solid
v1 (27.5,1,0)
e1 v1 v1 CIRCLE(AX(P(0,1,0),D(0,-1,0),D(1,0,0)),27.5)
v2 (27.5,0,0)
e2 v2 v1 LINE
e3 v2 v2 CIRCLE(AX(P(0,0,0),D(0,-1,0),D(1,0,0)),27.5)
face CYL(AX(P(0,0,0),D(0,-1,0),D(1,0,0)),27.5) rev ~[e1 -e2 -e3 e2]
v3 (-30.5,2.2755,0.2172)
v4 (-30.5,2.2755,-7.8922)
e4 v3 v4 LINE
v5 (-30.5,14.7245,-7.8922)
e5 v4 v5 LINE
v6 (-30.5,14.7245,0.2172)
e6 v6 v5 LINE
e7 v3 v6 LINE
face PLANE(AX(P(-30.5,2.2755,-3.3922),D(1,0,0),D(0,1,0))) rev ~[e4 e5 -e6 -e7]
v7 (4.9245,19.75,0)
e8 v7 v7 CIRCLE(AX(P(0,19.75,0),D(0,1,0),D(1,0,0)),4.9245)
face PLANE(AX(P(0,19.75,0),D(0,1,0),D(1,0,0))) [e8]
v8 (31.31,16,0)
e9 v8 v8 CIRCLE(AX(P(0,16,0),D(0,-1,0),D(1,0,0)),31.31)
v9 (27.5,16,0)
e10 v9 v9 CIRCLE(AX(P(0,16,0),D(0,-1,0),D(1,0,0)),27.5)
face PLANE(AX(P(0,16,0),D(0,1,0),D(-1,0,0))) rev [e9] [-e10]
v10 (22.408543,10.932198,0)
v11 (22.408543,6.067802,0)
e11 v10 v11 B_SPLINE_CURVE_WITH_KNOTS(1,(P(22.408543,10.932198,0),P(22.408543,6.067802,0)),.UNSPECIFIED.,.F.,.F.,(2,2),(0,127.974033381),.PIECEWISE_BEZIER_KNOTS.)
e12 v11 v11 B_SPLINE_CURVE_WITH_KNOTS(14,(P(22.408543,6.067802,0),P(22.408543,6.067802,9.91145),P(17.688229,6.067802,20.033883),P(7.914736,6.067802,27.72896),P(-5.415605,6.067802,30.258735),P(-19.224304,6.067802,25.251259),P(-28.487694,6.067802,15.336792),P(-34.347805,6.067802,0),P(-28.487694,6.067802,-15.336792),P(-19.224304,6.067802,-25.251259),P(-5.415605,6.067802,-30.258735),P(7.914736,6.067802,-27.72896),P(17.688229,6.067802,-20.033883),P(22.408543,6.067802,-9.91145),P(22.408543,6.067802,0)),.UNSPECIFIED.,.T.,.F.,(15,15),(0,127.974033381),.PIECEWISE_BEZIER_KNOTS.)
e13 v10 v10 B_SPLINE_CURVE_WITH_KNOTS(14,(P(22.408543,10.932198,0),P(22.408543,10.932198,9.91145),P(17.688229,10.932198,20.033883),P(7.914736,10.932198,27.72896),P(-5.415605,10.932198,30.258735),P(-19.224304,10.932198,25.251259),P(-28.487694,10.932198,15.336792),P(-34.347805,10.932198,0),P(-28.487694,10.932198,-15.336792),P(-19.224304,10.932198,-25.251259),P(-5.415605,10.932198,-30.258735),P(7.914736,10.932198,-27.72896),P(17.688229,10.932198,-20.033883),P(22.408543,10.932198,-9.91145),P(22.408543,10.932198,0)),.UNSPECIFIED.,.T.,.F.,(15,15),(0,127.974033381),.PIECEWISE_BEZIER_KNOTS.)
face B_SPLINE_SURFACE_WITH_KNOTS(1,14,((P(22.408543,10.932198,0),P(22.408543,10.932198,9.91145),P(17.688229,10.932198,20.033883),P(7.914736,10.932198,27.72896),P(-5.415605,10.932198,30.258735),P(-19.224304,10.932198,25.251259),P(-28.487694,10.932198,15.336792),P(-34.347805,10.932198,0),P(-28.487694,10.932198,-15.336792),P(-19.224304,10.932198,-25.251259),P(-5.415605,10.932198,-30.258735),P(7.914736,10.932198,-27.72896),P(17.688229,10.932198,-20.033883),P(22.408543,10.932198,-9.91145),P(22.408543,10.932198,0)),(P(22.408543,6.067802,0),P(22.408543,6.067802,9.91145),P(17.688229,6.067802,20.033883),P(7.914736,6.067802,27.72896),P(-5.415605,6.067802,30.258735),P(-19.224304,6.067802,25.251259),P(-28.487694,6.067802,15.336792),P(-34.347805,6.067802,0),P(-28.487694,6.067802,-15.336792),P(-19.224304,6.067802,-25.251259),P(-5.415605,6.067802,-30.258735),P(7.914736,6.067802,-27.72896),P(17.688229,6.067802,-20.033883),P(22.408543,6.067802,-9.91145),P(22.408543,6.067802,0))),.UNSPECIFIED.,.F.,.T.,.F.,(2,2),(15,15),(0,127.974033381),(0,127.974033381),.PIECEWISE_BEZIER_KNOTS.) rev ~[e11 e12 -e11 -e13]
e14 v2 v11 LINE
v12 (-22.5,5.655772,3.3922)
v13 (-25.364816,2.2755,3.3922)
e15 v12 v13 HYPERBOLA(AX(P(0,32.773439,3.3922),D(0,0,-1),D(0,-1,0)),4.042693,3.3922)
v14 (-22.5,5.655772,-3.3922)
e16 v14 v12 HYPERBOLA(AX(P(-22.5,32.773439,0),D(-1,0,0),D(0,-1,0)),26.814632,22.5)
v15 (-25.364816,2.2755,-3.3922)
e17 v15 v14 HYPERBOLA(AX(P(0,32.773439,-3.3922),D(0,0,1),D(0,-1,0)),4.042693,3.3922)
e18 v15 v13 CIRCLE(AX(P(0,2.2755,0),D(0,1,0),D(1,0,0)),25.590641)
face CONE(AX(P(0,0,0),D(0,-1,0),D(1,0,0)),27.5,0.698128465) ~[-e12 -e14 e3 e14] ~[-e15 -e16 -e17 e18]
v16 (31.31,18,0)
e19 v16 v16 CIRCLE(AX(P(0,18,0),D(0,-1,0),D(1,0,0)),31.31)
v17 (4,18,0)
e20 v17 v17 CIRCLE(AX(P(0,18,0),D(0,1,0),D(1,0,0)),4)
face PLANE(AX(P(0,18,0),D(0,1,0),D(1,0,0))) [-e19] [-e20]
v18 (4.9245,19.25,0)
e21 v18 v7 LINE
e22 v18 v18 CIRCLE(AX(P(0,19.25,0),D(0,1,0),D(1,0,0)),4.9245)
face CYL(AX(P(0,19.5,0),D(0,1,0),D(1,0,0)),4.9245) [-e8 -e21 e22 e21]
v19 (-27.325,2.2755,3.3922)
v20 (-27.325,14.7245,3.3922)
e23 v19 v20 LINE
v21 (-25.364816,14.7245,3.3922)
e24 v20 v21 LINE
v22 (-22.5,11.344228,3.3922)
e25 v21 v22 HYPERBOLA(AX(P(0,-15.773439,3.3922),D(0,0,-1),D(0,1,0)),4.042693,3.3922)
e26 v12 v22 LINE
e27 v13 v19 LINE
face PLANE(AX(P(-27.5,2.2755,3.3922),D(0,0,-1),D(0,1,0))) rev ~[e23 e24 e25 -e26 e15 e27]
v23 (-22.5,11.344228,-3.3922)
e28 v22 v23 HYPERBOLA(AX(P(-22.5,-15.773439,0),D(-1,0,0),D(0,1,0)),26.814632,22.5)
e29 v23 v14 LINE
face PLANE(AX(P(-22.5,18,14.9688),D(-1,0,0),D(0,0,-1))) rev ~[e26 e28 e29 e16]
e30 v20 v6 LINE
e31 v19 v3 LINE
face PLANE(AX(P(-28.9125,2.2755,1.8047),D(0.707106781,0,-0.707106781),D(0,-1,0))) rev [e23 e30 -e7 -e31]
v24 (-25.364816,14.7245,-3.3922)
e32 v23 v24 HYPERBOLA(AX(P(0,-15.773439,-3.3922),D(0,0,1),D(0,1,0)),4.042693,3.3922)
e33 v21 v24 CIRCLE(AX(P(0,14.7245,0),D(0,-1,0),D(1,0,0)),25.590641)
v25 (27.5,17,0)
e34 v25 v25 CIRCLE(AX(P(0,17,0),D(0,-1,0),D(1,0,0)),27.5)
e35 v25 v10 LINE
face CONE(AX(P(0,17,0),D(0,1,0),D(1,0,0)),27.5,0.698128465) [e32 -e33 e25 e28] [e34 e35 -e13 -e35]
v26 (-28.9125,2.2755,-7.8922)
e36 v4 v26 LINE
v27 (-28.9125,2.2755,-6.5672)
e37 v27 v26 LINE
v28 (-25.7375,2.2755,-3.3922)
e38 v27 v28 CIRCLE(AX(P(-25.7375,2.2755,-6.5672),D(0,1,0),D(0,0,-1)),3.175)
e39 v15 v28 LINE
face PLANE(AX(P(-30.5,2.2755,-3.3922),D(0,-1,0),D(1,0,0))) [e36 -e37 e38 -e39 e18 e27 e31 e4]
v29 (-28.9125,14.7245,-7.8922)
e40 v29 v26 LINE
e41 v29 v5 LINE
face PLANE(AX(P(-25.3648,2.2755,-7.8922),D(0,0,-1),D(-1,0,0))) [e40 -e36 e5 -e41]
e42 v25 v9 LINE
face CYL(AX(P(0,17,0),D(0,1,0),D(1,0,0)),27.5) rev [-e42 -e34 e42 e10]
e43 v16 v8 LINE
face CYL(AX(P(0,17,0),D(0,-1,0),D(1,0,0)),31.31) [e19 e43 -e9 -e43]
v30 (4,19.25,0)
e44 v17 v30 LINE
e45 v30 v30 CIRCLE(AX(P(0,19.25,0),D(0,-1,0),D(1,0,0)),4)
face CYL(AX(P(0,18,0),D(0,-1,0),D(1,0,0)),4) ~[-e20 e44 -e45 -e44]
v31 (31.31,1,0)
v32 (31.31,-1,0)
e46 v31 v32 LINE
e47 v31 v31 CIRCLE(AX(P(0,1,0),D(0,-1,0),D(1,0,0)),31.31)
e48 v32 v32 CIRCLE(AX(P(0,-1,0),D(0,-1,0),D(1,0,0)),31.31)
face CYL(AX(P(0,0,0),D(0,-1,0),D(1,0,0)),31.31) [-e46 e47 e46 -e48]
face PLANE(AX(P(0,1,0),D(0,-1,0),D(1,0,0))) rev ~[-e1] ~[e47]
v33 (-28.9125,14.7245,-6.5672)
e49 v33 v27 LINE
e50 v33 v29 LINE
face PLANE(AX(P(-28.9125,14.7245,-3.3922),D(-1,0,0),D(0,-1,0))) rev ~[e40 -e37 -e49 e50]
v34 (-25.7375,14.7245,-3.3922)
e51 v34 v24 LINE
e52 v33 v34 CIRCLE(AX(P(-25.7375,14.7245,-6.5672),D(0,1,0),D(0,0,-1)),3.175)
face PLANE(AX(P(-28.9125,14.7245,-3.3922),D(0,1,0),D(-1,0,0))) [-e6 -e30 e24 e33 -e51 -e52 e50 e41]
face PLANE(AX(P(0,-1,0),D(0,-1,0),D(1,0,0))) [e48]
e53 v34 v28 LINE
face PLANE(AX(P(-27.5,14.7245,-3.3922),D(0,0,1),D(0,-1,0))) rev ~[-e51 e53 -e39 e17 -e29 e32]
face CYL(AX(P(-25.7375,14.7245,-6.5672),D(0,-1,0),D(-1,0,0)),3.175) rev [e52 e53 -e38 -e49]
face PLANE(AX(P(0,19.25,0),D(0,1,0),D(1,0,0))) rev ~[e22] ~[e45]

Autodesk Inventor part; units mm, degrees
ref_plane "YZ Plane" through (0, 0, 0) normal (1, 0, 0) x (0, 1, 0)
ref_plane "XZ Plane" through (0, 0, 0) normal (0, 1, 0) x (-1, 0, 0)
ref_plane "XY Plane" through (0, 0, 0) normal (0, 0, 1) x (1, 0, 0)
sketch "Sketch1" plane through (0, 0, 0) normal (0, 0, 1) x (1, 0, 0)
  line L0 (0, 0) -> (27.5, 0)
  line L1 (27.5, 17) -> (0, 17)
  line L2 (0, 17) -> (0, 0)
  line L3 (0, 8.5) -> (32.996, 8.5) construction
  line L4 (27.5, 17) -> (20.3677, 8.5)
  line L5 (27.5, 17) -> (38.596, 17) construction
  line L6 (27.5, 0) -> (20.3677, 8.5)
  dimension "d0" = 27.5
  dimension "d2" = 17
  dimension "d3" = 27.5
  dimension "d4" = 130
revolve "Revolution1" add sketch "Sketch1" angle 360 about axis through (0, 17, 0) along (0, -1, 0)
sketch "Sketch4" plane through (0, 0, 0) normal (0, -1, 0) x (1, 0, 0)
  circle A0 centre (0, 0) radius 27.5 projected
  circle A1 centre (0, 0) radius 31.31
  dimension "d12" = 3.81
extrude "Extrusion2" add sketch "Sketch4" along normal blind 1 and the other way blind 1
ref_plane "Work Plane1" through (0, 8.5, 0) normal (0, -1, 0) x (1, 0, 0)
sketch "Sketch5" plane through (0, 0, 0) normal (0, -1, 0) x (1, 0, 0)
  circle A0 centre (0, 0) radius 27.5
extrude "Extrusion3" add sketch "Sketch5" along normal blind 1
mirror "Mirror1" about plane through (0, 8.5, 0) normal (0, -1, 0) of "Extrusion2"
sketch "Sketch6" plane through (0, 17, 0) normal (0, 1, 0) x (1, 0, 0)
  circle A0 centre (0, 0) radius 27.5
extrude "Extrusion4" add sketch "Sketch6" along normal blind 1
chamfer "Chamfer1" distance 3.175 angle 45 1 edges at (-20.3677, 8.5, 0)
sketch "Sketch7" plane through (0, 18, 0) normal (0, 1, 0) x (1, 0, 0)
  circle A0 centre (0, 0) radius 31.31 construction
  line L0 (0, 31.31) -> (0, -31.31) construction
  circle A1 centre (0, 0) radius 22.4085 projected
  circle A2 centre (0, 0) radius 27.5 projected
  circle A3 centre (0, 0) radius 22.4085 projected
  circle A4 centre (0, 0) radius 27.5 construction
  line L1 (-27.5, 14.9688) -> (-27.5, 0) construction
  circle A5 centre (0, 0) radius 27.5 construction
  line L2 (-27.5, -14.9688) -> (-27.5, 0) construction
ref_plane "Work Plane2" through (-27.5, 18, 14.9688) normal (-1, 0, 0) x (0, 0, -1)
sketch "Sketch8" plane through (-27.5, 18, 14.9688) normal (-1, 0, 0) x (0, 0, -1)
  line L0 (37.3773, 7.0678) -> (37.3773, 11.9322) construction
  line L1 (37.3773, 9.5) -> (-7.4397, 9.5) construction
  line L2 (-7.4397, 7.0678) -> (-7.4397, 11.9322) construction
  line L3 (18.361, 15.7245) -> (11.5766, 15.7245)
  line L4 (11.5766, 15.7245) -> (11.5766, 3.2755)
  line L5 (11.5766, 3.2755) -> (18.361, 3.2755)
  line L6 (18.361, 3.2755) -> (18.361, 15.7245)
  line L7 (18.361, 15.7245) -> (11.5766, 3.2755) construction
  line L8 (11.5766, 15.7245) -> (18.361, 3.2755) construction
  point P0 (14.9688, 18)
  point P1 (14.9688, 9.5)
extrude "Extrusion5" add sketch "Sketch8" along normal blind 3 and the other way blind 5
chamfer "Chamfer2" distance 3.175 angle 45 1 edges at (-30.5, 8.5, 3.3922)
sketch "Sketch9" plane through (-25.3648, 2.2755, -3.3922) normal (0, 0, -1) x (-1, 0, 0)
  line L0 (5.1352, 0) -> (1.9602, 0) projected
  line L1 (0, 12.449) -> (5.1352, 12.449) projected
  line L2 (3.5477, 0) -> (5.1352, 0)
  line L3 (5.1352, 0) -> (5.1352, 12.449)
  line L4 (5.1352, 12.449) -> (3.5477, 12.449)
  line L5 (3.5477, 12.449) -> (3.5477, 0)
  point P0 (-25.3648, -2.2755)
extrude "Extrusion6" add sketch "Sketch9" along normal blind 4.5
fillet "Fillet2" radius 3.175 1 edges at (-28.9125, 8.5, -3.3922)
sketch "Sketch10" plane through (0, 18, 0) normal (0, 1, 0) x (1, 0, 0)
  circle A0 centre (0, 0) radius 4
  dimension "d35" = 8
extrude "Extrusion7" add sketch "Sketch10" along normal blind 1.5
sketch "Sketch11" plane through (0, 19.5, 0) normal (0, 1, 0) x (1, 0, 0)
  circle A0 centre (0, 0) radius 4.9245
  dimension "d38" = 9.849
extrude "Extrusion8" add sketch "Sketch11" along normal mid plane 0.5
properties part number "WireRewindDRUM"
